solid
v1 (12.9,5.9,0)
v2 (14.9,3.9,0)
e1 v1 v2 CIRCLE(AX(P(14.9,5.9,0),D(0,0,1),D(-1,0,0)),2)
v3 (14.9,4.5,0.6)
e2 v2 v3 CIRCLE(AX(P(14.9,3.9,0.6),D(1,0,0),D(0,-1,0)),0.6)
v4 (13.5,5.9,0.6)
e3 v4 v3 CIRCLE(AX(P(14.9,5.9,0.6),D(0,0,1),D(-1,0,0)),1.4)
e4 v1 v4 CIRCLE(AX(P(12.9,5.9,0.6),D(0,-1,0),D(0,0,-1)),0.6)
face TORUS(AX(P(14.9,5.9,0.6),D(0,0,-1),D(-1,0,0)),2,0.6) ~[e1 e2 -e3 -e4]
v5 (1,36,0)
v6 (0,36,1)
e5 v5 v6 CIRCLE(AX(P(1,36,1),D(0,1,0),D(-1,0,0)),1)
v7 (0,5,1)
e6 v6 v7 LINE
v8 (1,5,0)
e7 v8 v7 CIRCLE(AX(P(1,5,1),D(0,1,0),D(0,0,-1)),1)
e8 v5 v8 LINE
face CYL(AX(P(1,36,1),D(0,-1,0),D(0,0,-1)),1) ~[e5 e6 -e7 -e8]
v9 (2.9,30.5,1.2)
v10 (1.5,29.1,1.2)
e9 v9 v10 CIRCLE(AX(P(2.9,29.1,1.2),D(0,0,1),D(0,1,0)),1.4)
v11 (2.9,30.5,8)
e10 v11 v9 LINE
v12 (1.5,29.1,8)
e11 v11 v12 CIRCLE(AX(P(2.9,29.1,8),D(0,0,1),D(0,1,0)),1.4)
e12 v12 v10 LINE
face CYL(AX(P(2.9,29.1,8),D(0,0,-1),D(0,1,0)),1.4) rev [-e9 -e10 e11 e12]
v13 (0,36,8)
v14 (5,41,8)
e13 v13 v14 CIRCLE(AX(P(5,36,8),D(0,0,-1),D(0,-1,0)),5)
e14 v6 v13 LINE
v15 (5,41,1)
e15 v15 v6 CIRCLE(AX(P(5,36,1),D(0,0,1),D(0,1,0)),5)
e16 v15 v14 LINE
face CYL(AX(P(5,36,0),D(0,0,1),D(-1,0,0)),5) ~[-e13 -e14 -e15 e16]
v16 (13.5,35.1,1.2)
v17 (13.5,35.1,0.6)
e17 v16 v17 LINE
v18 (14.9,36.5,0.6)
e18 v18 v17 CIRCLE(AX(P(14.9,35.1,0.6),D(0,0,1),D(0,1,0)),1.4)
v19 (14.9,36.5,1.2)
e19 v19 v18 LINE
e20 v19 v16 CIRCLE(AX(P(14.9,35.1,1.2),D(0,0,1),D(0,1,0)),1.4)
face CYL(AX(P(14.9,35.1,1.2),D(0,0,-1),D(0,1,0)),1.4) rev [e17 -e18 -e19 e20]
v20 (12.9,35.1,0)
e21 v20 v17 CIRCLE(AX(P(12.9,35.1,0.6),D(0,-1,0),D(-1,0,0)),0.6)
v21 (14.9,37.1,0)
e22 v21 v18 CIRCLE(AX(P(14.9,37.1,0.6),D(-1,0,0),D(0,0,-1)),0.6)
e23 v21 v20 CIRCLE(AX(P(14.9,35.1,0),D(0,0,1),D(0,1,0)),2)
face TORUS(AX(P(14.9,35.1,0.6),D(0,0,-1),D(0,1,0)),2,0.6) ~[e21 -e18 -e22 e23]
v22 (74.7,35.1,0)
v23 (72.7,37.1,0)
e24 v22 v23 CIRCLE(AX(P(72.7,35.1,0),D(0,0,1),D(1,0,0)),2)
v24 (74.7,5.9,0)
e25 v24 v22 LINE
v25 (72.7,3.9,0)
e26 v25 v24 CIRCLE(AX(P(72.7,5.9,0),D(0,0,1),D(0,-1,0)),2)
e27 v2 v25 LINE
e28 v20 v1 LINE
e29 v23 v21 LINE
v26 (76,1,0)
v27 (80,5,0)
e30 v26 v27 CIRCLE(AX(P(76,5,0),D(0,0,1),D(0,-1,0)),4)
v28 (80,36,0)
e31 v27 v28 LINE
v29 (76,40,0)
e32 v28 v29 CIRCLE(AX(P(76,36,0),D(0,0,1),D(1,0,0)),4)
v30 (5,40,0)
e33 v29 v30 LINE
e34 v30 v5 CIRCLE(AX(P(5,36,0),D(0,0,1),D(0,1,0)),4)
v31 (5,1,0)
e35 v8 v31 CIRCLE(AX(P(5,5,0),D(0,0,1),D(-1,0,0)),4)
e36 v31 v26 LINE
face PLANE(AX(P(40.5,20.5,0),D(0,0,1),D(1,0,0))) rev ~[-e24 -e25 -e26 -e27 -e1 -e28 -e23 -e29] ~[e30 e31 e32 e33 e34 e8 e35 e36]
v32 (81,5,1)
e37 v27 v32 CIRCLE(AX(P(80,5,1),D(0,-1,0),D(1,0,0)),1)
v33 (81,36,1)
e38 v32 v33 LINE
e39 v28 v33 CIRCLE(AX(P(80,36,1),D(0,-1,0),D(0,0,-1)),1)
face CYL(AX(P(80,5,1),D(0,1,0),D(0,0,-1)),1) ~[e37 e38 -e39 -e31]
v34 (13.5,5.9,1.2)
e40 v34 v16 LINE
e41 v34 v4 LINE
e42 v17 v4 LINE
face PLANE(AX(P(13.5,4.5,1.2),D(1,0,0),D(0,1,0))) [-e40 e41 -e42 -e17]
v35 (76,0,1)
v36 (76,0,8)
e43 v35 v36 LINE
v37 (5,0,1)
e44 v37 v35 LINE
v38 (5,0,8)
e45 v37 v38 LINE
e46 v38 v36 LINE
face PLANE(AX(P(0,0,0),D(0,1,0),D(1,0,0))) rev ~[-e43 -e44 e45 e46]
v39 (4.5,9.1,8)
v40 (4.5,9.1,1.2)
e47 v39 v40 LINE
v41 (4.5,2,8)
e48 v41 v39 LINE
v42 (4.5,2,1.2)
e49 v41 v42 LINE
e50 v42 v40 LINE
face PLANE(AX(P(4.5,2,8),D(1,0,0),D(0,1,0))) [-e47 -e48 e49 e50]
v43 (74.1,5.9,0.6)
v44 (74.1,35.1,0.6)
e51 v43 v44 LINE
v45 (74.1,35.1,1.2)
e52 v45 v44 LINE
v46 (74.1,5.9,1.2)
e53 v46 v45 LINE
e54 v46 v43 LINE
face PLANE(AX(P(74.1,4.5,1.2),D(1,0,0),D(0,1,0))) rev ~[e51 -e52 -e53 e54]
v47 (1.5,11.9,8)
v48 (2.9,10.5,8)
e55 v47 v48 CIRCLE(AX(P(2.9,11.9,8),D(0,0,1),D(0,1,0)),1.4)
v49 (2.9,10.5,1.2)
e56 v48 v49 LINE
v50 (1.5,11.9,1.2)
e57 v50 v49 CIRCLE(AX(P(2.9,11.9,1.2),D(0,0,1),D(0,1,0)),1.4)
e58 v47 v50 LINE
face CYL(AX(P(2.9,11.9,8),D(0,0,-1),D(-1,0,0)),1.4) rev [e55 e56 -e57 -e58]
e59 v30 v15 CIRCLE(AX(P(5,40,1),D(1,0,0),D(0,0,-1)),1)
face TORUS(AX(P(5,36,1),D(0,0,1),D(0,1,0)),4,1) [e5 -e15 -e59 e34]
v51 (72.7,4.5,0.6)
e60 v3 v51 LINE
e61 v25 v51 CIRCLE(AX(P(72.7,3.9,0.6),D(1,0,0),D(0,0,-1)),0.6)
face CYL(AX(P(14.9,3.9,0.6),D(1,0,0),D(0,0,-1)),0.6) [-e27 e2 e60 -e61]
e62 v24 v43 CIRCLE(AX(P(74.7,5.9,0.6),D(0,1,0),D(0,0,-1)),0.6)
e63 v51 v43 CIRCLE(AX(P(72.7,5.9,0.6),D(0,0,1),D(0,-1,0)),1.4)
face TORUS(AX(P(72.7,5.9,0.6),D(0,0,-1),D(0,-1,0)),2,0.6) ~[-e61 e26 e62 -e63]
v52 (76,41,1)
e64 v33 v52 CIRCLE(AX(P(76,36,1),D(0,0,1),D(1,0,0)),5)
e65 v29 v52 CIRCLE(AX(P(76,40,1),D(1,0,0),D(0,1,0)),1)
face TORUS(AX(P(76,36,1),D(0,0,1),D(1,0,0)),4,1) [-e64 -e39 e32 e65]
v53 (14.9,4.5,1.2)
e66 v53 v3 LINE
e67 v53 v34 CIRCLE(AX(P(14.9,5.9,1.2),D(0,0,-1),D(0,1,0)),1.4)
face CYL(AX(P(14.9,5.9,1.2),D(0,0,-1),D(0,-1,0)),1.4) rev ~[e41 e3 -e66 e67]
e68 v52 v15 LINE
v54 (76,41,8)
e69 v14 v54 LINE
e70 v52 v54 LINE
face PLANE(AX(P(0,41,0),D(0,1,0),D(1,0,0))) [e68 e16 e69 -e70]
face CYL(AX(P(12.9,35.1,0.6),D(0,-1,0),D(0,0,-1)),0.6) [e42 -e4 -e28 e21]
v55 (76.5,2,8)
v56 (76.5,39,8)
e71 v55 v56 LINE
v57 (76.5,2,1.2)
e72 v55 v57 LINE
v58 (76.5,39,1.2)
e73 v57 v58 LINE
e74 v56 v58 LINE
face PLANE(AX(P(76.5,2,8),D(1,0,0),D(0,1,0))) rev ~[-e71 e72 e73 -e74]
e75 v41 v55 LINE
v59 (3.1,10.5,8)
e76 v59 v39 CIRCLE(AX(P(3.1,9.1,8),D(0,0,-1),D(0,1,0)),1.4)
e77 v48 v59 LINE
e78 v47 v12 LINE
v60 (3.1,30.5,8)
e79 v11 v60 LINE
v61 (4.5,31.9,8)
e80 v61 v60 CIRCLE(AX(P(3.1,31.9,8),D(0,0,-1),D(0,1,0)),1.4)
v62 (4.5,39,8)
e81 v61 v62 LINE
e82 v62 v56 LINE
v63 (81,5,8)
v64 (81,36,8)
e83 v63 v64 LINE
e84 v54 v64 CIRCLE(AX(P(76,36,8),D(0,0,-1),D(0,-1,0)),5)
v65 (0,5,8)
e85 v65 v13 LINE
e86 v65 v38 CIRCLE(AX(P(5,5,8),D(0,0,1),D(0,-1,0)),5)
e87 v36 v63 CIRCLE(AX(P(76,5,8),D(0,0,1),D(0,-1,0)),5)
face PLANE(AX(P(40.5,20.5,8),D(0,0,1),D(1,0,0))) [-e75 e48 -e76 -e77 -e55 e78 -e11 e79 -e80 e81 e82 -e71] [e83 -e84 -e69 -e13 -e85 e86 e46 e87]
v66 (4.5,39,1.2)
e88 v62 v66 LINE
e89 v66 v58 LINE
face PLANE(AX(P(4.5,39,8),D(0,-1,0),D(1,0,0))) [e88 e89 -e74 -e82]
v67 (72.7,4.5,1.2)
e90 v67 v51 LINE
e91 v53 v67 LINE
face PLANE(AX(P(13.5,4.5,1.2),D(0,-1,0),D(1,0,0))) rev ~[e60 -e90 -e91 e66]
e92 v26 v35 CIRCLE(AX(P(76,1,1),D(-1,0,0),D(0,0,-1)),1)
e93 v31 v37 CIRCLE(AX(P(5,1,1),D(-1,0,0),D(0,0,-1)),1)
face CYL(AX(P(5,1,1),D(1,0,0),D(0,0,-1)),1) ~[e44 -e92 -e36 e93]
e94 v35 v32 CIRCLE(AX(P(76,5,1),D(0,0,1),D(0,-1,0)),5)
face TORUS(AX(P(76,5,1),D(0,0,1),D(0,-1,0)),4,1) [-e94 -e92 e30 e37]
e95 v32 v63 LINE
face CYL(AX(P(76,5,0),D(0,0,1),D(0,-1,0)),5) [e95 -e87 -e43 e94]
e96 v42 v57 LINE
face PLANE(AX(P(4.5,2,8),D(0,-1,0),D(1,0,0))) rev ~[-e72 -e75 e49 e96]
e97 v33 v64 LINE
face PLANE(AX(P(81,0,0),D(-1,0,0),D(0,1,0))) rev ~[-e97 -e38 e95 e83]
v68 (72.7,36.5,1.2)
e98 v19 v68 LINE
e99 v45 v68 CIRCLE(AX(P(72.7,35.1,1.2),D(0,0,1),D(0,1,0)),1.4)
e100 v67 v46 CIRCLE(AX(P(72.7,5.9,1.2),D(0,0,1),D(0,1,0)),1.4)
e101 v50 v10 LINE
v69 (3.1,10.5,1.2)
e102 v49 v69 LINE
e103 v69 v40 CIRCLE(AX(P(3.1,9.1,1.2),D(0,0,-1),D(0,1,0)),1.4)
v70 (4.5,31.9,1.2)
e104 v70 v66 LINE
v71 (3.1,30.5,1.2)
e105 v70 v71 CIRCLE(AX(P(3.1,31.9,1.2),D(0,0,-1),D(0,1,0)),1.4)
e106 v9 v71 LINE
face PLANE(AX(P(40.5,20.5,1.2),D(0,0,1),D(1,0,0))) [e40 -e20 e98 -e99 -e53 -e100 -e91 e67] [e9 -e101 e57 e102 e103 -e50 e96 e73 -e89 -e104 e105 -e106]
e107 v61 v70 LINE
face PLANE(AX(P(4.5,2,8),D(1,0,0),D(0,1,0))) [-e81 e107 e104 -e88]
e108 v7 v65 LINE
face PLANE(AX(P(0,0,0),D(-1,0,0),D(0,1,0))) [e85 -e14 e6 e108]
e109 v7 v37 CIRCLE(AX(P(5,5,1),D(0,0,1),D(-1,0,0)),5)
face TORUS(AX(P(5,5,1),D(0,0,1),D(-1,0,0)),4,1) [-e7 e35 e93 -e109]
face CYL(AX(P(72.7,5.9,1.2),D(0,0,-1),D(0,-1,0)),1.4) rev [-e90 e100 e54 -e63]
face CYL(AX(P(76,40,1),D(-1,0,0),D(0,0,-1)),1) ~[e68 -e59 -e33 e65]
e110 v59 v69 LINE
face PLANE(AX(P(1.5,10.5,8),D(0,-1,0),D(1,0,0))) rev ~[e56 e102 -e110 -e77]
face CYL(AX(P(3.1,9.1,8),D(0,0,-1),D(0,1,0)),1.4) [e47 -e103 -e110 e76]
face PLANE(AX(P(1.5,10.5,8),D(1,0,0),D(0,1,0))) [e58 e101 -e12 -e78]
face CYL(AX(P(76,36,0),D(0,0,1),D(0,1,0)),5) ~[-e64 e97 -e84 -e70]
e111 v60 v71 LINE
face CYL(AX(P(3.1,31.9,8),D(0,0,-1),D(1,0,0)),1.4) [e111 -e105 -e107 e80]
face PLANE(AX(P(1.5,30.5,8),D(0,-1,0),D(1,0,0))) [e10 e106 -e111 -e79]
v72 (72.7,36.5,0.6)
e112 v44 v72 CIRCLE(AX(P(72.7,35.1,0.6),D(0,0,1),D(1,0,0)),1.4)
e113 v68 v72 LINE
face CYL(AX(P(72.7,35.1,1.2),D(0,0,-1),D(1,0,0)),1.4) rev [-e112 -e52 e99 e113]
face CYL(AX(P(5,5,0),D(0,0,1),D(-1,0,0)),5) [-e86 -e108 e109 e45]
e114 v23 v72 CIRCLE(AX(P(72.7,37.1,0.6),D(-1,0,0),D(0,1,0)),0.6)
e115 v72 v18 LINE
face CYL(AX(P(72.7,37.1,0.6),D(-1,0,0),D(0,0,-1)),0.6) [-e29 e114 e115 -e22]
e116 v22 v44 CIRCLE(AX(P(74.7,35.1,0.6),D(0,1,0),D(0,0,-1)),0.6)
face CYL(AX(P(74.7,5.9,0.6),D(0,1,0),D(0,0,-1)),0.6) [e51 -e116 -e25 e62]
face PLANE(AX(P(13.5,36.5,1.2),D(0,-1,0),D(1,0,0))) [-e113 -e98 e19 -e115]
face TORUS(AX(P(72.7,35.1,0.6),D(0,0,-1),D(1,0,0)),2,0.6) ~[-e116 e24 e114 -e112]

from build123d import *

# Parameters (mm, degrees)
SKETCH1_W           = 81
SKETCH1_H           = 41
BOSS_EXTRUDE1_DEPTH = 8
SKETCH2_W           = 72
SKETCH2_H           = 37
CUT_EXTRUDE1_DEPTH  = 6.8
SKETCH3_W           = 3
SKETCH3_H           = 20
CUT_EXTRUDE2_DEPTH  = 6.8
SKETCH4_W           = 60.6
SKETCH4_H           = 32
CUT_EXTRUDE3_DEPTH  = 6.4
FILLET1_R           = 1.4
FILLET2_R           = 5
FILLET3_R           = 0.6
FILLET4_R           = 1


with BuildPart() as part:
    # Sketch1 → Boss-Extrude1 (new body)
    with BuildSketch(Plane.XY):
        with Locations((40.5, 20.5)):
            Rectangle(SKETCH1_W, SKETCH1_H)
    extrude(amount=BOSS_EXTRUDE1_DEPTH)

    # Sketch2 → Cut-Extrude1 (cut)
    with BuildSketch(Plane.XY.offset(8)):
        with Locations((40.5, 20.5)):
            Rectangle(SKETCH2_W, SKETCH2_H)
    extrude(amount=-CUT_EXTRUDE1_DEPTH, mode=Mode.SUBTRACT)

    # Sketch3 → Cut-Extrude2 (cut)
    with BuildSketch(Plane.XY.offset(8)):
        with Locations((3, 20.5)):
            Rectangle(SKETCH3_W, SKETCH3_H)
    extrude(amount=-CUT_EXTRUDE2_DEPTH, mode=Mode.SUBTRACT)

    # Sketch4 → Cut-Extrude3 (cut)
    with BuildSketch(Plane.XY.offset(1.2)):
        with Locations((43.8, 20.5)):
            Rectangle(SKETCH4_W, SKETCH4_H)
    extrude(amount=-CUT_EXTRUDE3_DEPTH, mode=Mode.SUBTRACT)

    # Fillet1
    fillet1_edges = [part.edges().sort_by_distance(p)[0] for p in [
        (4.5, 30.5, 4.6),
        (4.5, 10.5, 4.6),
        (1.5, 10.5, 4.6),
        (1.5, 30.5, 4.6),
        (13.5, 4.5, 0.6),
        (13.5, 36.5, 0.6),
        (74.1, 36.5, 0.6),
        (74.1, 4.5, 0.6),
    ]]
    fillet(fillet1_edges, radius=FILLET1_R)

    # Fillet2
    fillet2_edges = [part.edges().sort_by_distance(p)[0] for p in [
        (0, 41, 4),
        (81, 41, 4),
        (81, 0, 4),
        (0, 0, 4),
    ]]
    fillet(fillet2_edges, radius=FILLET2_R)

    # Fillet3
    fillet3_edges = [part.edges().sort_by_distance(p)[0] for p in [
        (74.1, 20.5, 0),
        (43.8, 4.5, 0),
        (13.5, 20.5, 0),
        (43.8, 36.5, 0),
        (73.689949494, 4.910050506, 0),
        (13.910050506, 4.910050506, 0),
        (13.910050506, 36.089949494, 0),
        (73.689949494, 36.089949494, 0),
    ]]
    fillet(fillet3_edges, radius=FILLET3_R)

    # Fillet4
    fillet4_edges = [part.edges().sort_by_distance(p)[0] for p in [
        (40.5, 0, 0),
        (0, 20.5, 0),
        (40.5, 41, 0),
        (81, 20.5, 0),
        (1.464466094, 39.535533906, 0),
        (79.535533906, 39.535533906, 0),
        (79.535533906, 1.464466094, 0),
        (1.464466094, 1.464466094, 0),
    ]]
    fillet(fillet4_edges, radius=FILLET4_R)


solid = part.part
